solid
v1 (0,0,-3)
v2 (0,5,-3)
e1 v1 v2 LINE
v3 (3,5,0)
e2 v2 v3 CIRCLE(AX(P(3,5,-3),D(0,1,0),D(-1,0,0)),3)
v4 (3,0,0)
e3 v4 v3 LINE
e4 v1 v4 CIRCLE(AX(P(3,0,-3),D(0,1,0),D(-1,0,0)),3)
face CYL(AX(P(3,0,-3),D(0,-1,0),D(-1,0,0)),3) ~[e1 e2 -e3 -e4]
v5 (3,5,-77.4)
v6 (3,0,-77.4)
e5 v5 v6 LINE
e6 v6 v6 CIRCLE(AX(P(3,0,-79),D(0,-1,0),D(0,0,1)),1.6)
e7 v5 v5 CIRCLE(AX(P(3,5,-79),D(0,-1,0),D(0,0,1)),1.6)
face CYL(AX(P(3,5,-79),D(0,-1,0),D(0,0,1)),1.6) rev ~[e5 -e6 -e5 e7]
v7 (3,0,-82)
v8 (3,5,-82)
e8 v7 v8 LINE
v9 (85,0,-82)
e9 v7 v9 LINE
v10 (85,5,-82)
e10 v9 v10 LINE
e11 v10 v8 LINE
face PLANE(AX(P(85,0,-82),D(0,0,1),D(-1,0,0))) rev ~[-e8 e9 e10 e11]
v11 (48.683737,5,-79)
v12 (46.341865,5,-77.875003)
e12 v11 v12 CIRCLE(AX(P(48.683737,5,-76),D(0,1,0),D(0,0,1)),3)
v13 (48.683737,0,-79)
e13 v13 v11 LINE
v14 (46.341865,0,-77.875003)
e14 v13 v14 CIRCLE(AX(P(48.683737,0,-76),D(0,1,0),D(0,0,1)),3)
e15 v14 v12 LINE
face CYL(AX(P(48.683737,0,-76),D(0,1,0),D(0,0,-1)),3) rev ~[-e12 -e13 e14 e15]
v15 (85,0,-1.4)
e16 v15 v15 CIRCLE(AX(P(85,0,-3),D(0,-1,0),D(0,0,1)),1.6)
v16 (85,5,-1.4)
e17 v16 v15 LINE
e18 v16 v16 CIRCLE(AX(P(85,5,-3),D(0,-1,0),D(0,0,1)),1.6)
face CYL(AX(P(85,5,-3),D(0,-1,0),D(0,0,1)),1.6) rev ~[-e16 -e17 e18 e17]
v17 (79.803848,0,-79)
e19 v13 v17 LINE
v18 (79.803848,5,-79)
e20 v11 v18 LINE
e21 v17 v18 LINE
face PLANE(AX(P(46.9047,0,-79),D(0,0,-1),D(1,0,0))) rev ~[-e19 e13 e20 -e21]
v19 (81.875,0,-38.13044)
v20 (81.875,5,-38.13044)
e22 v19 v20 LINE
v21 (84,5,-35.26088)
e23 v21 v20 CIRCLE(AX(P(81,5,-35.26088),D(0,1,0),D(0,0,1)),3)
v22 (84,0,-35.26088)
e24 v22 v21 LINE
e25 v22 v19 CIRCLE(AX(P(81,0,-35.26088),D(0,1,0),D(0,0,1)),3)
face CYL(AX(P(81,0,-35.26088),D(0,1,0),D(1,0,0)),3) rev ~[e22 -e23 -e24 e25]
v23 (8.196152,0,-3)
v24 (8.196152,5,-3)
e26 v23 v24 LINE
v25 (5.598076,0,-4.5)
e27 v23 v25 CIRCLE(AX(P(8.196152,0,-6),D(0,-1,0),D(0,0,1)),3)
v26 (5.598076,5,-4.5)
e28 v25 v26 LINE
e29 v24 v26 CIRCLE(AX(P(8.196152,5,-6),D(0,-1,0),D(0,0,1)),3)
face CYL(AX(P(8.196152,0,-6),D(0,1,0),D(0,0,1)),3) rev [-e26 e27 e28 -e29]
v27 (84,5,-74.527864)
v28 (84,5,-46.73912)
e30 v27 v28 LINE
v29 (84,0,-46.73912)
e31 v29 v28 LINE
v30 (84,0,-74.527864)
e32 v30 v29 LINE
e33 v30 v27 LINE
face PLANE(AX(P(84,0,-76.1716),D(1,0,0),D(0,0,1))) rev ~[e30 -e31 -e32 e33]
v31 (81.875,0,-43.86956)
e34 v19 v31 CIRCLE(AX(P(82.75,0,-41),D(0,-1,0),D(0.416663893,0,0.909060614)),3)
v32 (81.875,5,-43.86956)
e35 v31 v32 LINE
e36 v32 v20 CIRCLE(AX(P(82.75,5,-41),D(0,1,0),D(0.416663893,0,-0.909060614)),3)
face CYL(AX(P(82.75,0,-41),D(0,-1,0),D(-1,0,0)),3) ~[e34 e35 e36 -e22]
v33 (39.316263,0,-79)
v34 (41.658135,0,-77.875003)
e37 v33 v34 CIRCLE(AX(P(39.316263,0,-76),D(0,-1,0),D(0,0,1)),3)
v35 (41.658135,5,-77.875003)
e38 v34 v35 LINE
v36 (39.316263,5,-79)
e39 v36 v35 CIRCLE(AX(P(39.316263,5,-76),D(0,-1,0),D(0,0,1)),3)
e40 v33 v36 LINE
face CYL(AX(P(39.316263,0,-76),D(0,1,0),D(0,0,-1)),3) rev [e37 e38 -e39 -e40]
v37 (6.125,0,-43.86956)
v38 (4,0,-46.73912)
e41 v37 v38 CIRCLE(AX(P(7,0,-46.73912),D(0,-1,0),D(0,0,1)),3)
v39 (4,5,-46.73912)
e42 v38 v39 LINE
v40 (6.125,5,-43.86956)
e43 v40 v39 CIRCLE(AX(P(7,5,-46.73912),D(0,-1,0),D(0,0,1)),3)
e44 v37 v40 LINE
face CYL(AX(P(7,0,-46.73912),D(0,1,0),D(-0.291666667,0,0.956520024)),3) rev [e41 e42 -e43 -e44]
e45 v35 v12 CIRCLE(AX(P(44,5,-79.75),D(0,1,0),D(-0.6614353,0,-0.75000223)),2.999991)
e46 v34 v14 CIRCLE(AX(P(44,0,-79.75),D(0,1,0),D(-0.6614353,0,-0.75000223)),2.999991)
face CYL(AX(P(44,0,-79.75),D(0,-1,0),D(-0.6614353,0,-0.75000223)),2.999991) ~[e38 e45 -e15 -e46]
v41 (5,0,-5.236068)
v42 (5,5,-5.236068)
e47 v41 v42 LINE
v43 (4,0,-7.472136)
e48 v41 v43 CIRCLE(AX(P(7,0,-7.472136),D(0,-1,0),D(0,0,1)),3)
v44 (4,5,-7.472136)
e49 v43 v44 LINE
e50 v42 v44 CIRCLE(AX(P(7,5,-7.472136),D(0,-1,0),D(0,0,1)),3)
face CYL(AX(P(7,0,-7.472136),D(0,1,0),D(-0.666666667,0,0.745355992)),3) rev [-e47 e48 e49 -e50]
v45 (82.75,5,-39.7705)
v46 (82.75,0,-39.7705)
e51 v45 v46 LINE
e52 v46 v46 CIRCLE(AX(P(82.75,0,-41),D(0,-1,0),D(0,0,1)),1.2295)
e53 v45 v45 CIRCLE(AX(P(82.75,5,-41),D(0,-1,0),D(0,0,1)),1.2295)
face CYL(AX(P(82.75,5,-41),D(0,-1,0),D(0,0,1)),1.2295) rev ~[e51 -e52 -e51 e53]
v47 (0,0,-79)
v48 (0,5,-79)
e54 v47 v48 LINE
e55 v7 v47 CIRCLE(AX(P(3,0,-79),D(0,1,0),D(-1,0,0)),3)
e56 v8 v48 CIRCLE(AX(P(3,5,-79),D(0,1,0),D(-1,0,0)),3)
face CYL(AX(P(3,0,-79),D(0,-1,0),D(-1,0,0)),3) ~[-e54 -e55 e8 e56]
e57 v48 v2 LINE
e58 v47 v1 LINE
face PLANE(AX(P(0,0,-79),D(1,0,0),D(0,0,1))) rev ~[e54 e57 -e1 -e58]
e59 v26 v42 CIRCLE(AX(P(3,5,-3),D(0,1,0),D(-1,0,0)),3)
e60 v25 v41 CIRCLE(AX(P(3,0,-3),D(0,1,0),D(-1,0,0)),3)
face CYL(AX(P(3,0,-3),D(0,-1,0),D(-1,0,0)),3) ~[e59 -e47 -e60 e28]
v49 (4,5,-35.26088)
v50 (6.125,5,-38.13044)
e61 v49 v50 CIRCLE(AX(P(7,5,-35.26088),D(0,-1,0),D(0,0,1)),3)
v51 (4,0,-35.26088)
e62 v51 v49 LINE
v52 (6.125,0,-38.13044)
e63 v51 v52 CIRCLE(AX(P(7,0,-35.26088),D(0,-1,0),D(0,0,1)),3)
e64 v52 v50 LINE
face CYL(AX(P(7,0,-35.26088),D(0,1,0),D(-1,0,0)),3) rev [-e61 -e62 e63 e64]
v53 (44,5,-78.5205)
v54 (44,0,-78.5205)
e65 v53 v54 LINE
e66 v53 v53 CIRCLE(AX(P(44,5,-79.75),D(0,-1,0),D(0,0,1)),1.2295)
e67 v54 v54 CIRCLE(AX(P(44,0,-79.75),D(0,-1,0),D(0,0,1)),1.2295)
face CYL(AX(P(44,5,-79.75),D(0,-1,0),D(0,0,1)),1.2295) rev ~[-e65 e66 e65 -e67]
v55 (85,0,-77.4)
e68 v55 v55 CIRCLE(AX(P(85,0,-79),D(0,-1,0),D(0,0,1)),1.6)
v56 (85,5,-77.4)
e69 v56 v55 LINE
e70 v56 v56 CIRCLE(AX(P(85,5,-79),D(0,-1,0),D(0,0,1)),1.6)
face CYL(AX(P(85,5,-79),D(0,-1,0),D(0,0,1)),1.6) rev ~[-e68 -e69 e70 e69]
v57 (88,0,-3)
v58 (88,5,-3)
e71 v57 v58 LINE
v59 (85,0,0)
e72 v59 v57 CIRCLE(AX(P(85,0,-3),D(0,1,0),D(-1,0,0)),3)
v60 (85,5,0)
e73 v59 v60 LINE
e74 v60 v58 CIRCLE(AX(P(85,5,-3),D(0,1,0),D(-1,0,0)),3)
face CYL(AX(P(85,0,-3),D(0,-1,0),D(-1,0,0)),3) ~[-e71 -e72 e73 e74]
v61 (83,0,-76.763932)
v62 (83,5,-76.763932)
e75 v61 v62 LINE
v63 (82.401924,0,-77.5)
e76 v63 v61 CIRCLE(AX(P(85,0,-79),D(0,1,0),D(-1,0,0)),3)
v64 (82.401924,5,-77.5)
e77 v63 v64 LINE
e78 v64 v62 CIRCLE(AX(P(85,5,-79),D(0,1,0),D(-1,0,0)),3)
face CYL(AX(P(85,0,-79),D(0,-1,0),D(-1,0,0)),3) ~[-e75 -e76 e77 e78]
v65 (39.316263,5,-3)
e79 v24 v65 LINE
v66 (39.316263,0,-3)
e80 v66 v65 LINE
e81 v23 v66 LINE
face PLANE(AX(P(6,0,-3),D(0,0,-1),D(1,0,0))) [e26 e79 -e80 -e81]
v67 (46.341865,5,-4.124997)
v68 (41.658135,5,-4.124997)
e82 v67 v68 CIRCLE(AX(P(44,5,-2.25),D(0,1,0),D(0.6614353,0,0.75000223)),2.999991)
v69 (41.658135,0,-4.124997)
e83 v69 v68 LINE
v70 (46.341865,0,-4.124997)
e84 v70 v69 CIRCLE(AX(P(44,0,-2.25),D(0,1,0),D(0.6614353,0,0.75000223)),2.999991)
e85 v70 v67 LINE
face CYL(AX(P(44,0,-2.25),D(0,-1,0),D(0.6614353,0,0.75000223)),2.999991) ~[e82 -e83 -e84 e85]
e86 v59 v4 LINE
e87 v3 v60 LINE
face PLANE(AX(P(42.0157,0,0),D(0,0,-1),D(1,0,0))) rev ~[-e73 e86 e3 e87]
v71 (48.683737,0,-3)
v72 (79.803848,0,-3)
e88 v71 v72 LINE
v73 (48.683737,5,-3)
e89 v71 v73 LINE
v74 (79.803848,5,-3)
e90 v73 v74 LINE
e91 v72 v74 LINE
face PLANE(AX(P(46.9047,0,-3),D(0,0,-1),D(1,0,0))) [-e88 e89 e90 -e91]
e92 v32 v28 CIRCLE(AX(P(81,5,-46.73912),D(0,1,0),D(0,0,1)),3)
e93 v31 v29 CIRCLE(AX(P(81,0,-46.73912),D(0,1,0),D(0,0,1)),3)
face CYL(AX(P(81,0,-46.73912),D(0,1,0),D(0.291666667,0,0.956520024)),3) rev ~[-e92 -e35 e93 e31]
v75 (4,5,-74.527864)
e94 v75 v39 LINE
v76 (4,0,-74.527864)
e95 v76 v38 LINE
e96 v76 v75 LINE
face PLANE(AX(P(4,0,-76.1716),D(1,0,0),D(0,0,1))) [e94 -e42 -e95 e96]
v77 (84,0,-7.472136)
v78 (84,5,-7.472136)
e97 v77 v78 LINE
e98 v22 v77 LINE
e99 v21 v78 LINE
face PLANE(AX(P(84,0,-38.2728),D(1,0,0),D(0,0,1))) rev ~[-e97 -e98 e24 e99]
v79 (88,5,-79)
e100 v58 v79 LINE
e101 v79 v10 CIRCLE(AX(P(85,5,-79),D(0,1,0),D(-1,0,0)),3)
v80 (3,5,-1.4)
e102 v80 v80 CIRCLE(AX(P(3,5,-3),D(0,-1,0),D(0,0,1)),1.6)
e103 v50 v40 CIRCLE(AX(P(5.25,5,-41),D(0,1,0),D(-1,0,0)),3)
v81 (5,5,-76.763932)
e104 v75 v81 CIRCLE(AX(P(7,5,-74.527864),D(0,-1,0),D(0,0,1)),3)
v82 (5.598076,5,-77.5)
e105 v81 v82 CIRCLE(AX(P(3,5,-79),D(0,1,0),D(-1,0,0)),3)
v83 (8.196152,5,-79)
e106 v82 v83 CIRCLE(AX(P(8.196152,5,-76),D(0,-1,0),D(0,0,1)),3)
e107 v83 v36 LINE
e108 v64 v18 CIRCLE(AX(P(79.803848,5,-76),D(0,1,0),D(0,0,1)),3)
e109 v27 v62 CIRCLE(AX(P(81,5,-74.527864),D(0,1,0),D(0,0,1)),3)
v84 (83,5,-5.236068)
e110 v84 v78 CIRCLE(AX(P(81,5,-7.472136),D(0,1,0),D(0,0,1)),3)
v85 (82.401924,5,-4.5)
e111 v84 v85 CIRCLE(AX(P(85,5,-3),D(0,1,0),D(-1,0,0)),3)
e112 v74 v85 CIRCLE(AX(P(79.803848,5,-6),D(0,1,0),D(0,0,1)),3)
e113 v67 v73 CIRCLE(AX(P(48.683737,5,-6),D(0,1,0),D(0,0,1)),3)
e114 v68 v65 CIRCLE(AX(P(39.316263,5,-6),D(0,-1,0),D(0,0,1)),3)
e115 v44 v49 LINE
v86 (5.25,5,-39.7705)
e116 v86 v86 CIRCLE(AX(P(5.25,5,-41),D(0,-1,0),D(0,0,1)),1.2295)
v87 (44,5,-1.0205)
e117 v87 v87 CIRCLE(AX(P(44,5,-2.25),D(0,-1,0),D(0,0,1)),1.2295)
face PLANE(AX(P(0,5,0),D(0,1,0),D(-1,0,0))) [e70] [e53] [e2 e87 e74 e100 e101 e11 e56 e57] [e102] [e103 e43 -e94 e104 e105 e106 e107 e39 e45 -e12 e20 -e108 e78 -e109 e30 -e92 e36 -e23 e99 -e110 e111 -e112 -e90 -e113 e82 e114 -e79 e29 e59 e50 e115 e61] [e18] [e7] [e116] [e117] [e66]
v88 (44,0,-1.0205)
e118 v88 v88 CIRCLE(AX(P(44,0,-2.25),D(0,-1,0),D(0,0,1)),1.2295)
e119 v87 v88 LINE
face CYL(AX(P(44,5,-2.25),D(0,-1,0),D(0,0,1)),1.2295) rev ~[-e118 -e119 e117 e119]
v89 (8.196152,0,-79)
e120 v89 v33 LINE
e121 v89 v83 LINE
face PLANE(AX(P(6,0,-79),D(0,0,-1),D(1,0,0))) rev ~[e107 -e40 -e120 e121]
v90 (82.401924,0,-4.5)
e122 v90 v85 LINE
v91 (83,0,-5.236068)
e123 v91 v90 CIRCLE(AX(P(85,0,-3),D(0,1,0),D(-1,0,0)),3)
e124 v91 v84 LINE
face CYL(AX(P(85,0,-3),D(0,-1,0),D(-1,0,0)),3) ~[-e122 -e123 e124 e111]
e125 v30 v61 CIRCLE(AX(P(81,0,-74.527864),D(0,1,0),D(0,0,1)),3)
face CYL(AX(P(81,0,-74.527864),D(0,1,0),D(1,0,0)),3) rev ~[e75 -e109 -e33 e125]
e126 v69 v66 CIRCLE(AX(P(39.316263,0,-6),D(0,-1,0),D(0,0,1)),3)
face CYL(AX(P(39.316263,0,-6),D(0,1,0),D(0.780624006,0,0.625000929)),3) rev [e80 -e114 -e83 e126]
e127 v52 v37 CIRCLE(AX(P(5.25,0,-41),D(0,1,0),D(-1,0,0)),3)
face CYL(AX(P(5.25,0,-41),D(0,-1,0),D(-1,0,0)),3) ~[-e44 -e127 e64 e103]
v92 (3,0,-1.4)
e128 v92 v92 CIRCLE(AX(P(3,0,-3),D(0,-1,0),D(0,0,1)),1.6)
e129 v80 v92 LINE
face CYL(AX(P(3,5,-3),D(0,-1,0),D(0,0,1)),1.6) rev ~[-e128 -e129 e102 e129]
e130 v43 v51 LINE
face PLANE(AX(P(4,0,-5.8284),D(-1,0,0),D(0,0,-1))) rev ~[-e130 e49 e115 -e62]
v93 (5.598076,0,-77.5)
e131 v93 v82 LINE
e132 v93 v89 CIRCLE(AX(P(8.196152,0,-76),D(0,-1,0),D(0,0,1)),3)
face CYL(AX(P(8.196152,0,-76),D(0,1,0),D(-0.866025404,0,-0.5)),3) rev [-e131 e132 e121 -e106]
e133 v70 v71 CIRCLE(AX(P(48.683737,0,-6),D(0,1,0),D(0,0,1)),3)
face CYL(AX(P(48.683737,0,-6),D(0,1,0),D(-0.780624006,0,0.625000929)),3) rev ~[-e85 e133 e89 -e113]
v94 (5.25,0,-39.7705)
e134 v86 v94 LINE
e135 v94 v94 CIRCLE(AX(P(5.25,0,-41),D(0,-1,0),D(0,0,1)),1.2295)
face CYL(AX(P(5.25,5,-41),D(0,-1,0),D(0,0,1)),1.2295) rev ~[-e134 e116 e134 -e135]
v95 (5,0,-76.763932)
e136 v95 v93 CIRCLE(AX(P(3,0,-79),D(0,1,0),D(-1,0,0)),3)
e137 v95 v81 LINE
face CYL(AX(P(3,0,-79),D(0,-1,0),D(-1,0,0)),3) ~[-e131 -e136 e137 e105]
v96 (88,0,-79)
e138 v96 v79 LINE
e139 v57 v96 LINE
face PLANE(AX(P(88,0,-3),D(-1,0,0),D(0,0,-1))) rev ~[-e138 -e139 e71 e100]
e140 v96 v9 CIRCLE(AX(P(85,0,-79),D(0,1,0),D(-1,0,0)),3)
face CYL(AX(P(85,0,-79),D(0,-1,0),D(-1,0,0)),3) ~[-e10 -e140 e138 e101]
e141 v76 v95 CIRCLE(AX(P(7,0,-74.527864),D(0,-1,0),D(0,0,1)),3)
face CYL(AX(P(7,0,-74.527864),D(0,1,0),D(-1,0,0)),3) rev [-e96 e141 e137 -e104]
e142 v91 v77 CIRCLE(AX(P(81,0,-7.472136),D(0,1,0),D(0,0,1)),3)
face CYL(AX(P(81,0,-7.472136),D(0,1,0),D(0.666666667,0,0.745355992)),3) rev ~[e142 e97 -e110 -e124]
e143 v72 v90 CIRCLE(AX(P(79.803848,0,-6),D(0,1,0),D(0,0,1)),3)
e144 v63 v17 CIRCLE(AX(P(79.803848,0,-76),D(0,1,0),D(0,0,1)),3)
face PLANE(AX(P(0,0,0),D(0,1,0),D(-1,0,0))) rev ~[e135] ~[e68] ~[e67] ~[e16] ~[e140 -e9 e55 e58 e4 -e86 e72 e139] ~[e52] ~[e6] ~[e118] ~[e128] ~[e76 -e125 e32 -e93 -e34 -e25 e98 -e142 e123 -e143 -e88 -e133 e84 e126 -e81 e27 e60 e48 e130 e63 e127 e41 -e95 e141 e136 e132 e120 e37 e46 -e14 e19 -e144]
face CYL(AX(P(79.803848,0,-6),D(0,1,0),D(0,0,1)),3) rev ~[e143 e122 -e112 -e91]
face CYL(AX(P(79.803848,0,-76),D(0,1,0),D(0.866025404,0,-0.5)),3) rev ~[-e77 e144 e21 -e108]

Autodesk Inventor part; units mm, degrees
ref_plane "YZ Plane" through (0, 0, 0) normal (1, 0, 0) x (0, 1, 0)
ref_plane "XZ Plane" through (0, 0, 0) normal (0, 1, 0) x (-1, 0, 0)
ref_plane "XY Plane" through (0, 0, 0) normal (0, 0, 1) x (1, 0, 0)
sketch "Sketch4" plane through (0, 0, 0) normal (0, 1, 0) x (-1, 0, 0)
  line L0 (0, 0) -> (-88, 0)
  line L1 (-88, 0) -> (-88, -82)
  line L2 (-88, -82) -> (0, -82)
  line L3 (0, -82) -> (0, 0)
  line L4 (-2.25, -82.75) -> (-85.75, -82.75) construction
  line L5 (-85.75, -82.75) -> (-85.75, 0.75) construction
  line L6 (-85.75, 0.75) -> (-2.25, 0.75) construction
  line L7 (-2.25, 0.75) -> (-2.25, -82.75) construction
  circle A0 centre (-44, -79.75) radius 1.6 construction
  circle A1 centre (-82.75, -41) radius 1.6 construction
  circle A2 centre (-5.25, -41) radius 1.6 construction
  circle A3 centre (-44, -2.25) radius 1.6 construction
  arc A4 (-42.0157, -82) -> (-45.9843, -82) centre (-44, -79.75) ccw
  circle A5 centre (-5.25, -41) radius 3
  arc A6 (-45.9843, 0) -> (-42.0157, 0) centre (-44, -2.25) ccw
  circle A7 centre (-82.75, -41) radius 3
  circle A8 centre (-3, -79) radius 1.5 construction
  circle A9 centre (-3, -3) radius 1.5 construction
  circle A10 centre (-85, -3) radius 1.5 construction
  circle A11 centre (-85, -79) radius 1.5 construction
  circle A12 centre (-3, -3) radius 3
  circle A13 centre (-85, -3) radius 3
  circle A14 centre (-85, -79) radius 3
  circle A15 centre (-3, -79) radius 3
  line L8 (-6, -3) -> (-41.0953, -3)
  line L9 (-46.9047, -3) -> (-82, -3)
  line L10 (-84, -76.1716) -> (-84, -43.7272)
  line L11 (-46.9047, -79) -> (-82, -79)
  line L12 (-5.2437, -79) -> (-41.0953, -79)
  line L13 (-4, -76.1716) -> (-4, -43.7272)
  line L14 (-4, -5.8284) -> (-4, -38.2728)
  line L15 (-84, -38.2728) -> (-84, -5.8284)
  point P0 (-3, -82)
  point P1 (0, -79)
  point P2 (0, -3)
  point P3 (-3, 0)
  point P4 (-85, 0)
  point P5 (-88, -3)
  point P6 (-88, -79)
  point P7 (-85, -82)
  point P8 (-6, -79)
  dimension "d40" = 88
  dimension "d41" = 82
  dimension "d42" = 83.5
  dimension "d43" = 2.25
  dimension "d44" = 0.75
  dimension "d45" = 3.2
  dimension "d47" = 3
  dimension "d48" = 3
  dimension "d49" = 3
  dimension "d50" = 3
  dimension "d51" = 41
  dimension "d52" = 44
  dimension "d53" = 6
  dimension "d54" = 3
  dimension "d55" = 3
  dimension "d56" = 3
  dimension "d57" = 3
  dimension "d58" = 3
  dimension "d59" = 6
  dimension "d60" = 3
  dimension "d61" = 3
  dimension "d62" = 4
  dimension "d63" = 4
extrude "Extrusion2" add sketch "Sketch4" along normal blind 5 contours A6 L0 | L0 A12 L8 A6 | A6 L9 A13 L0 | A12 | A13 | L3 A15 L13 A5 L14 A12 | A13 L15 A7 L10 A14 L1 | A15 | A14 | L2 A4 L12 A15 | A5 | A7 | A14 L11 A4 L2 | L2 A4
sketch "Sketch5" plane through (0, 5, 0) normal (0, 1, 0) x (1, 0, 0)
  arc A0 (84, 43.7272) -> (84, 38.2728) centre (82.75, 41) ccw projected
  arc A1 (41.0953, 79) -> (46.9047, 79) centre (44, 79.75) ccw projected
  arc A2 (46.9047, 3) -> (41.0953, 3) centre (44, 2.25) ccw projected
  arc A3 (4, 38.2728) -> (4, 43.7272) centre (5.25, 41) ccw projected
  point P0 (0, 0)
hole "Hole3" at (44, 5, -79.75) at (82.75, 5, -41) at (44, 5, -2.25) at (5.25, 5, -41) direction (0, -1, 0) diameter 2.459 end through all thread size "M3x0.5" class "6H" standard "ANSI Metric M Profile"
sketch "Sketch6" plane through (0, 5, 0) normal (0, 1, 0) x (1, 0, 0)
  arc A0 (4, 76.1716) -> (6, 79) centre (3, 79) ccw projected
  arc A1 (6, 3) -> (4, 5.8284) centre (3, 3) ccw projected
  arc A2 (82, 79) -> (84, 76.1716) centre (85, 79) ccw projected
  arc A3 (84, 5.8284) -> (82, 3) centre (85, 3) ccw projected
  point P0 (0, 0)
hole "Hole4" at (85, 5, -79) at (85, 5, -3) at (3, 5, -3) at (3, 5, -79) direction (0, -1, 0) diameter 3.2 end through all clearance for "Flat Head Machine Screw" size "M3" standard "Ansi Metric M Profile"
fillet "Fillet2" radius 3 16 edges at (41.0953, 2.5, -79) (46.9047, 2.5, -79) (6, 2.5, -79) (4, 2.5, -76.1716) (4, 2.5, -43.7272) (4, 2.5, -38.2728) (82, 2.5, -79) (84, 2.5, -76.1716) (84, 2.5, -38.2728) (84, 2.5, -43.7272) (82, 2.5, -3) (84, 2.5, -5.8284) (41.0953, 2.5, -3) (46.9047, 2.5, -3) (6, 2.5, -3) (4, 2.5, -5.8284)
equation "\"d43\" = -0.5 * d42 + 0.5 * d40"
equation "\"d44\" = -0.5 * d41 + 0.5 * d42"
equation "\"d48\" = d47"
equation "\"d50\" = d49"
equation "\"d51\" = 0.5 * d41"
equation "\"d52\" = 0.5 * d40"
properties part number "ElectronicsBayMount" material "Aluminum 6061"
